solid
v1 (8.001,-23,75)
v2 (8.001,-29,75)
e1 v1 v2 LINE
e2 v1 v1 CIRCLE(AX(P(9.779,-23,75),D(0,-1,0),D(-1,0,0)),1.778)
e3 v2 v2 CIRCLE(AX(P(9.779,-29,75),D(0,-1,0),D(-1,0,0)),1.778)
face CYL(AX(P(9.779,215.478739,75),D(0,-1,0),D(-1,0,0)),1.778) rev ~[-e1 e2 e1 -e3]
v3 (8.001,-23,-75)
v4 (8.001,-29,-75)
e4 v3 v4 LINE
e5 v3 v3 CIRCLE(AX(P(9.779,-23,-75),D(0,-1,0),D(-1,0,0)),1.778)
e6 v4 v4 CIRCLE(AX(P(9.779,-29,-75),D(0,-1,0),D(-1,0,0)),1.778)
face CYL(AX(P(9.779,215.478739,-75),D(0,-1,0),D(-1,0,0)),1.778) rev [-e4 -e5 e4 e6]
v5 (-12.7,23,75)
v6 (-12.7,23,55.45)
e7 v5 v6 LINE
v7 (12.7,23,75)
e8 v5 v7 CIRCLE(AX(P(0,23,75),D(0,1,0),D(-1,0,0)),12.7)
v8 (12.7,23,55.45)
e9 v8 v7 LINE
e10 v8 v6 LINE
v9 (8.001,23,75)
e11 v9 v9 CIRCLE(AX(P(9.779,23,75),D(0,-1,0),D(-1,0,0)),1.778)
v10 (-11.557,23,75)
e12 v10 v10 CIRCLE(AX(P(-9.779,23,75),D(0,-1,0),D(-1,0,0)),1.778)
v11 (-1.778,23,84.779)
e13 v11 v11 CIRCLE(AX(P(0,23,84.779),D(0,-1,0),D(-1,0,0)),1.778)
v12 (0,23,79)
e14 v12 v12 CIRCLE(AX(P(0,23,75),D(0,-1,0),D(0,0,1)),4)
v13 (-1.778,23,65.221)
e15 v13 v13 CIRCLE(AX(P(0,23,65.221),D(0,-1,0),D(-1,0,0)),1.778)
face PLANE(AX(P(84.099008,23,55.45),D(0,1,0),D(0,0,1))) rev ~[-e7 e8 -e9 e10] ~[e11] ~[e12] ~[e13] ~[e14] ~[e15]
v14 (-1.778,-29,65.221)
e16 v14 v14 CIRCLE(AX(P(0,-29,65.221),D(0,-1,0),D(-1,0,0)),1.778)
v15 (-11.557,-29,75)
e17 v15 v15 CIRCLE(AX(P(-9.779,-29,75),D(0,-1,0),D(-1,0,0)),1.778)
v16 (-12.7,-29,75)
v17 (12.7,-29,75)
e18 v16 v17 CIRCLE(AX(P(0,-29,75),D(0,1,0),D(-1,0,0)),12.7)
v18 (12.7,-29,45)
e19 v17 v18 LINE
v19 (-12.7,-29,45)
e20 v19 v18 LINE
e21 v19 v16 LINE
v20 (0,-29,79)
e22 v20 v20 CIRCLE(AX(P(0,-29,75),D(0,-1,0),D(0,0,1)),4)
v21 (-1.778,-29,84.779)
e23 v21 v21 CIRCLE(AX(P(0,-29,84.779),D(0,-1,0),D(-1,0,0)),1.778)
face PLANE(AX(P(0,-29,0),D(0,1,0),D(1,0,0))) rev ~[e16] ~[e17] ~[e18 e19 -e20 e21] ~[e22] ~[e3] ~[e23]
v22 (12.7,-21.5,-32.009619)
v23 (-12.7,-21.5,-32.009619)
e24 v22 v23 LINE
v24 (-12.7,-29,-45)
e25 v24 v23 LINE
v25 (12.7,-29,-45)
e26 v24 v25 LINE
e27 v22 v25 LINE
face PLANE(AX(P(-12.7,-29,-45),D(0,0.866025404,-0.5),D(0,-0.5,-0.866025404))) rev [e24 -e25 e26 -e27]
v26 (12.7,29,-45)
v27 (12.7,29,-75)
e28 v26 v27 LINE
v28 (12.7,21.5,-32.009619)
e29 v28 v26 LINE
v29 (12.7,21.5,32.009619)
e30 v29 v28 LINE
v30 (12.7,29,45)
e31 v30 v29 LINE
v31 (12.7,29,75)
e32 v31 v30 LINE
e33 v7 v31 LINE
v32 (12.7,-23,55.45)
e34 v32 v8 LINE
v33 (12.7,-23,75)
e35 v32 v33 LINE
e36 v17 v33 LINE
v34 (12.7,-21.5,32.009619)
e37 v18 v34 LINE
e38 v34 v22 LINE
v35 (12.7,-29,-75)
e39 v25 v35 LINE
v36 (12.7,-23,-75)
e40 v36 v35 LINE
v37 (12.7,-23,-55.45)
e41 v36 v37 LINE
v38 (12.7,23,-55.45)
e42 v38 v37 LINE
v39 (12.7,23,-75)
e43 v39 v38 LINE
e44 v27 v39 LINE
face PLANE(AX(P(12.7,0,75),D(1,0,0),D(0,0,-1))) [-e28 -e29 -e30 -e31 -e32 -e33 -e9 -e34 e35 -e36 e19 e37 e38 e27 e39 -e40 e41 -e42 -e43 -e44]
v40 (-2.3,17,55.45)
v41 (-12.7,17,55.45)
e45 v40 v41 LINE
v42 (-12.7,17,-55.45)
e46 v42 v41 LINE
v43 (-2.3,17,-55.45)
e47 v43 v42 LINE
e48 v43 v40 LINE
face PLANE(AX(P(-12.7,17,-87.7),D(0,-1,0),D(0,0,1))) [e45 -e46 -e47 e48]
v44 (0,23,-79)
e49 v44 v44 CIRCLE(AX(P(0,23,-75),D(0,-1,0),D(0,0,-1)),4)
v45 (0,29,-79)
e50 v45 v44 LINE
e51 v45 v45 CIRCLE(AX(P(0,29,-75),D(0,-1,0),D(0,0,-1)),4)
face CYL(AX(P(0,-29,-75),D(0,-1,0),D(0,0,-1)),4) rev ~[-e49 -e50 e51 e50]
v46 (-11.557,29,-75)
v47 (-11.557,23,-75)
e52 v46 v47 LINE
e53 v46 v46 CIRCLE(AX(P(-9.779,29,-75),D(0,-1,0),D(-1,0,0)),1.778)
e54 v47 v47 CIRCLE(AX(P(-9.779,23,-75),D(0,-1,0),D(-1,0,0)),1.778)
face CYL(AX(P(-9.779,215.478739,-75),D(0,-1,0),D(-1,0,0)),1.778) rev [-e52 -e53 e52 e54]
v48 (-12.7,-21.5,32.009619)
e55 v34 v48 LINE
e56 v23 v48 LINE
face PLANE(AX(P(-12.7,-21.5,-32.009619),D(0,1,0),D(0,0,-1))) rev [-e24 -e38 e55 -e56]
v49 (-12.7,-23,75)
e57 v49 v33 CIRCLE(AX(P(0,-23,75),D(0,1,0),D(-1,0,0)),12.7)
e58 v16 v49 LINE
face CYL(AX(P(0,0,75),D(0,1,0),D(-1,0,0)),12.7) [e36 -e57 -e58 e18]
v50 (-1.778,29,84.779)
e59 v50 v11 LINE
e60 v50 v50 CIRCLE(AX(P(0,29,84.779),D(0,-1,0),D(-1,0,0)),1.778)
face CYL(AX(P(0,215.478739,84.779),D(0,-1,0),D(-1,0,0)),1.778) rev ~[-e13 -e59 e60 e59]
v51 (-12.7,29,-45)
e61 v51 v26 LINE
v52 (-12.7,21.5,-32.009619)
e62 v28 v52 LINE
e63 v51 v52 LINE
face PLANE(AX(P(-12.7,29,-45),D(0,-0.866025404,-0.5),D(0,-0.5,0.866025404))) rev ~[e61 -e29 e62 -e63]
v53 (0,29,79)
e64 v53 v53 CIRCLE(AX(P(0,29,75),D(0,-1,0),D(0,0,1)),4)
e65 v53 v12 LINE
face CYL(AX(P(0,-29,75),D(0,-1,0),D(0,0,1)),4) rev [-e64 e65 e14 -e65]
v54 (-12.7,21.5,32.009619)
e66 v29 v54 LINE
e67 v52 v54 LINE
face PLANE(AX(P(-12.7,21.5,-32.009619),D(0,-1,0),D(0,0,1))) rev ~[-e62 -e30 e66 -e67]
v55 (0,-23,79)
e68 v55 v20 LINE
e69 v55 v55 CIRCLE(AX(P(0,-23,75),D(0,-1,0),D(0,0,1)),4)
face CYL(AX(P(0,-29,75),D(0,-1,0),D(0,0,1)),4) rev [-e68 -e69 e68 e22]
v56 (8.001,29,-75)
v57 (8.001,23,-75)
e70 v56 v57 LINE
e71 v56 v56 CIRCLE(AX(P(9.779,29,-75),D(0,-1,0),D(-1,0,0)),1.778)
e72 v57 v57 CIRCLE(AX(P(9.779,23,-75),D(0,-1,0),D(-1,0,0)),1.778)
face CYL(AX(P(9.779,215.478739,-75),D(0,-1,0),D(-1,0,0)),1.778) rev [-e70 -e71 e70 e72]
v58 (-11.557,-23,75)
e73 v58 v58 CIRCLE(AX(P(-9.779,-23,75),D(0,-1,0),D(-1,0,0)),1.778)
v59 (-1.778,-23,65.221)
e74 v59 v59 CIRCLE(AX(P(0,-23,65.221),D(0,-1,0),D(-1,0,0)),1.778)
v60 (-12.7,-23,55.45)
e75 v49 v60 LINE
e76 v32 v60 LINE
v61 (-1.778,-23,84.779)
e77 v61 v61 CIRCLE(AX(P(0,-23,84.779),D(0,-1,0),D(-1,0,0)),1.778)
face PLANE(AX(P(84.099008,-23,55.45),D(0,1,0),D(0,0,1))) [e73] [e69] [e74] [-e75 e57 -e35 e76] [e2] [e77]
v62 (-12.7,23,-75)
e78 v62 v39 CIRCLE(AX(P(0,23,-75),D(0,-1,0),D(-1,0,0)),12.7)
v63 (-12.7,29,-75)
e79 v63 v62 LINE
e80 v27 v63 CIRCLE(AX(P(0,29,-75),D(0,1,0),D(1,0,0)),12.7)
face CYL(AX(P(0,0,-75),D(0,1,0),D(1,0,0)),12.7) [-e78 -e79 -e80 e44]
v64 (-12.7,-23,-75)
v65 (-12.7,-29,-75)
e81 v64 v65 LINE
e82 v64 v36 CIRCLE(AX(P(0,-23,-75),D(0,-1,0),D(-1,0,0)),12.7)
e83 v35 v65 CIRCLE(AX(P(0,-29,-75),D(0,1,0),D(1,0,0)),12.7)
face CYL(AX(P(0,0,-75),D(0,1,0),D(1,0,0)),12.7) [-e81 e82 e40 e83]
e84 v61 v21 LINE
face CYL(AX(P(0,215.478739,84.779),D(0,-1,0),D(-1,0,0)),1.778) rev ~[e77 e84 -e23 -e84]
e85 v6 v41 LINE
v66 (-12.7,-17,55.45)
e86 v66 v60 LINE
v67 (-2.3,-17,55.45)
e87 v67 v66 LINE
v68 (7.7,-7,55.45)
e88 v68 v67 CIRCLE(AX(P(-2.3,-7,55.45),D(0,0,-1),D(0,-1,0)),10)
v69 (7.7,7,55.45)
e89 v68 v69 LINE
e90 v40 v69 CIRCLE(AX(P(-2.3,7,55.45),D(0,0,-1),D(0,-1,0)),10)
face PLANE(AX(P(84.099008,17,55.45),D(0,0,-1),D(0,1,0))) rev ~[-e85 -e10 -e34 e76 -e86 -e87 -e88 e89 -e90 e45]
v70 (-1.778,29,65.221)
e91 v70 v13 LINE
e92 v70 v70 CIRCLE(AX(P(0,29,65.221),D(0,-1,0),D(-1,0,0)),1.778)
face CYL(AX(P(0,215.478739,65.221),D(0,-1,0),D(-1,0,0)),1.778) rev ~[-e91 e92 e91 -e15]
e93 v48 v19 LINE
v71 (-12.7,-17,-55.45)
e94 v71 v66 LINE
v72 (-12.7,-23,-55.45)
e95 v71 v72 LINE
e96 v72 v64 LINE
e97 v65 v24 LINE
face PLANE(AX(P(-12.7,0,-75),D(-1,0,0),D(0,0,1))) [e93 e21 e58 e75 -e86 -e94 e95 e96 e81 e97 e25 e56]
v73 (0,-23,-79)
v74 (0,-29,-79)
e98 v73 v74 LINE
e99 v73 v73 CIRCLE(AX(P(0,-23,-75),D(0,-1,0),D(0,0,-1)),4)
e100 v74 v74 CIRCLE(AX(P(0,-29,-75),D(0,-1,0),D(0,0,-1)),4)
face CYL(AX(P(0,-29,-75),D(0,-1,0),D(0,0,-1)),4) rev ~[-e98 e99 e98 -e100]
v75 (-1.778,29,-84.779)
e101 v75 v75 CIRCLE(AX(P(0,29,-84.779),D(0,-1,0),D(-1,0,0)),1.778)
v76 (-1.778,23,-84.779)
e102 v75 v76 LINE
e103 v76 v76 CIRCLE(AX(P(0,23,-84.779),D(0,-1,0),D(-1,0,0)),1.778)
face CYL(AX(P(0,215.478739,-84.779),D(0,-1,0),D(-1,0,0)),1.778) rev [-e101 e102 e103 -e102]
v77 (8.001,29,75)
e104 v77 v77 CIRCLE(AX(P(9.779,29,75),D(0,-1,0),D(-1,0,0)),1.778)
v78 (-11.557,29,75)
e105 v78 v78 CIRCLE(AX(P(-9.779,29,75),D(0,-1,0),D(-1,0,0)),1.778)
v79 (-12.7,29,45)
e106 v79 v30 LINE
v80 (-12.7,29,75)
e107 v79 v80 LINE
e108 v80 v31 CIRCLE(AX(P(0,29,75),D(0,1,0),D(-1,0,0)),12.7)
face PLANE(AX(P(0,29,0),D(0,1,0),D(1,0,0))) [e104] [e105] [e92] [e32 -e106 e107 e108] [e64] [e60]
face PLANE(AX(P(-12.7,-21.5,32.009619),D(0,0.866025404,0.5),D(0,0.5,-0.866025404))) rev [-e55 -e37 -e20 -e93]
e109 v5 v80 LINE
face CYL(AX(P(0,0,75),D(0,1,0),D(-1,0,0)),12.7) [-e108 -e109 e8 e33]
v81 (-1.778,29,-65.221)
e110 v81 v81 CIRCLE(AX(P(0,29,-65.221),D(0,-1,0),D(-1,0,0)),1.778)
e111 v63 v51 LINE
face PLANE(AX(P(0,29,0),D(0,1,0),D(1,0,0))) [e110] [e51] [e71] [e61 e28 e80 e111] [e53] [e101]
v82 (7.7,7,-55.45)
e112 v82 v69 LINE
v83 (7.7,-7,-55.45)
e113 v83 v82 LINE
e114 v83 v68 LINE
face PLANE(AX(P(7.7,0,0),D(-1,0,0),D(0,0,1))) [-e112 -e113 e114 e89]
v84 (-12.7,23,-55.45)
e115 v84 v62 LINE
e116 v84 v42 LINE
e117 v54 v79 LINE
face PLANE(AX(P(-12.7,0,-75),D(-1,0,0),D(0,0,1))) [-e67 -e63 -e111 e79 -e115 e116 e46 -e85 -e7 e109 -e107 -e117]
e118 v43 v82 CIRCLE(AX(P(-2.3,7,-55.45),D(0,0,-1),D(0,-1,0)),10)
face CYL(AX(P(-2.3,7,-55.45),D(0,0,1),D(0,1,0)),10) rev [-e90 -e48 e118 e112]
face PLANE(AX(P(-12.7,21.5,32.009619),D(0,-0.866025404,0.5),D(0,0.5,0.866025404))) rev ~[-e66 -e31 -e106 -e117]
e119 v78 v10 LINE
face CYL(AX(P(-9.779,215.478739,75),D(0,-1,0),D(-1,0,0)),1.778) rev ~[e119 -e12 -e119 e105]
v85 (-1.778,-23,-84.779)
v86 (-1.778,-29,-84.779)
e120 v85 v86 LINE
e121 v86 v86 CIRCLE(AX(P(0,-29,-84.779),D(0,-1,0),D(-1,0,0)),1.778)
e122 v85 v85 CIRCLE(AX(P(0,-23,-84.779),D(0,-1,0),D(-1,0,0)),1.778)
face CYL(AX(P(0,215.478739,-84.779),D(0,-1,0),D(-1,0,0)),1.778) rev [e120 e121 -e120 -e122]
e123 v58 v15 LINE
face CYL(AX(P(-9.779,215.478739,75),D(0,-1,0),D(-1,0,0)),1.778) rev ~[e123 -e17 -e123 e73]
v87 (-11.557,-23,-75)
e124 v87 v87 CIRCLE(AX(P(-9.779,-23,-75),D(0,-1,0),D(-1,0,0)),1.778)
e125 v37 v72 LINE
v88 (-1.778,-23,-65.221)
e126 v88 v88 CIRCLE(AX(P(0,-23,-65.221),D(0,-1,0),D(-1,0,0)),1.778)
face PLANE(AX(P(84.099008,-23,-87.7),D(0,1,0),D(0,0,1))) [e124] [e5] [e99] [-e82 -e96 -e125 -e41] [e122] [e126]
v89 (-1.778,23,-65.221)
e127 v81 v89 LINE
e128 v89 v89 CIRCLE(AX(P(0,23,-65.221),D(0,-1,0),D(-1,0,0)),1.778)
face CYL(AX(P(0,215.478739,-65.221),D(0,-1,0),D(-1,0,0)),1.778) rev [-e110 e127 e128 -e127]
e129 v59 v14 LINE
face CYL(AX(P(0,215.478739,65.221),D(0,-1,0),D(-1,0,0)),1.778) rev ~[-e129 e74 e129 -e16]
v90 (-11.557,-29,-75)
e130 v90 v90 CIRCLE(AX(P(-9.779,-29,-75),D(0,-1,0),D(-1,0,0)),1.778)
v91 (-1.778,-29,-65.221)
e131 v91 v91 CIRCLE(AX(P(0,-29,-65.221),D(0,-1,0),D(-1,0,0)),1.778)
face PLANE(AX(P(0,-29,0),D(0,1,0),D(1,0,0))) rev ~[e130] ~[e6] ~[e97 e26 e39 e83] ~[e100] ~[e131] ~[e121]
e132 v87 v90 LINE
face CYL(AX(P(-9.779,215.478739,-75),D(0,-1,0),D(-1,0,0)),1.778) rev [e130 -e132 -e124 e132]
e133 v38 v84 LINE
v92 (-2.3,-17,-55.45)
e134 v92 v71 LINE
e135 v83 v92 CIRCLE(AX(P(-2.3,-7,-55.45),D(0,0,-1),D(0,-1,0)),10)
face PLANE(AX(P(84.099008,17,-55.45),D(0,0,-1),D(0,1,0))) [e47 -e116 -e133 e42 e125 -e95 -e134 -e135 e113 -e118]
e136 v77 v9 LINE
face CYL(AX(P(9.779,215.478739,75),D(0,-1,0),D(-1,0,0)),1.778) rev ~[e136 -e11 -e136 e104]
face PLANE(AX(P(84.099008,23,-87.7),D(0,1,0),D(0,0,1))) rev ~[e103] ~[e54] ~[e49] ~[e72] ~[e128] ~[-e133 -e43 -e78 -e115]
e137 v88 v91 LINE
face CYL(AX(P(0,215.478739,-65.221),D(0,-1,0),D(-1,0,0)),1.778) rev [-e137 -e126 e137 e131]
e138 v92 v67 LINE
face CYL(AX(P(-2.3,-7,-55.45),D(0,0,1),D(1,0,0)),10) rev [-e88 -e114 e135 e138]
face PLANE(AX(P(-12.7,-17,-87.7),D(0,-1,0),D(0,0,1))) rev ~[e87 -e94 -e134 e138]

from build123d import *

# Parameters (mm, degrees)
BOSS_EXTRUDE1_DEPTH          = 29
CUT_EXTRUDE1_DEPTH           = 96.799008346
CUT_EXTRUDE2_DEPTH           = 96.799008346
CUT_EXTRUDE2_DEPTH_BACK      = 96.799008346
SKETCH4_W                    = 32.25
SKETCH4_H                    = 6
SKETCH5_W                    = 175.4
SKETCH5_H                    = 34
CUT_EXTRUDE3_DEPTH           = 20.4
SKETCH6_W                    = 29.649504938
SKETCH6_H                    = 34
CUT_EXTRUDE4_DEPTH           = 95.596247283
SKETCH7_W                    = 29.649504938
SKETCH7_H                    = 34
CUT_EXTRUDE5_DEPTH           = 95.596247283
F_5_32_0_14_DIAMETER_HOLE1_D = 3.556
SKETCH13_R                   = 4
CUT_EXTRUDE6_DEPTH           = 106.908356611
FILLET1_R                    = 10
FILLET2_R                    = 10


with BuildPart() as part:
    # Sketch1 → Boss-Extrude1 (new, symmetric)
    with BuildSketch(Plane(origin=(0, 0, 0), x_dir=(1, 0, 0), z_dir=(0, 1, 0))):
        with BuildLine():
            Line((-12.7, 75), (-12.7, -75))
            ThreePointArc((-12.7, -75), (0, -87.7), (12.7, -75))
            Line((12.7, -75), (12.7, 75))
            ThreePointArc((12.7, 75), (0, 87.7), (-12.7, 75))
        make_face()
    extrude(amount=BOSS_EXTRUDE1_DEPTH, both=True)

    # Sketch3 → Cut-Extrude1 (cut, symmetric)
    with BuildSketch(Plane.ZY.offset(12.7)):
        Polygon((-45, 29), (-32.009618943, 21.5), (32.009618943, 21.5), (45, 29), align=None)
    cut_extrude1 = extrude(amount=CUT_EXTRUDE1_DEPTH, both=True, mode=Mode.SUBTRACT)

    # Mirror1: Cut-Extrude1 across plane
    add(cut_extrude1.mirror(Plane.ZX), mode=Mode.SUBTRACT)

    # Sketch4 → Cut-Extrude2 (cut, two sides: drawn at the far end of the back side and taken through both)
    with BuildSketch(Plane.ZY.offset(12.7).offset(-CUT_EXTRUDE2_DEPTH_BACK)):
        with Locations((71.575, 20)):
            Rectangle(SKETCH4_W, SKETCH4_H)
        with Locations((-71.575, 20)):
            Rectangle(SKETCH4_W, SKETCH4_H)
        with Locations((-71.575, -20)):
            Rectangle(SKETCH4_W, SKETCH4_H)
        with Locations((71.575, -20)):
            Rectangle(SKETCH4_W, SKETCH4_H)
    extrude(amount=CUT_EXTRUDE2_DEPTH + CUT_EXTRUDE2_DEPTH_BACK, mode=Mode.SUBTRACT)

    # Sketch5 → Cut-Extrude3 (cut)
    with BuildSketch(Plane.ZY.offset(12.7)):
        Rectangle(SKETCH5_W, SKETCH5_H)
    extrude(amount=-CUT_EXTRUDE3_DEPTH, mode=Mode.SUBTRACT)

    # Sketch6 → Cut-Extrude4 (cut, through all)
    with BuildSketch(Plane.ZY.offset(-7.7)):
        with Locations((70.274752469, 0)):
            Rectangle(SKETCH6_W, SKETCH6_H)
    extrude(amount=-CUT_EXTRUDE4_DEPTH, mode=Mode.SUBTRACT)

    # Sketch7 → Cut-Extrude5 (cut, through all)
    with BuildSketch(Plane.ZY.offset(-7.7)):
        with Locations((-70.274752469, 0)):
            Rectangle(SKETCH7_W, SKETCH7_H)
    extrude(amount=-CUT_EXTRUDE5_DEPTH, mode=Mode.SUBTRACT)

    # 5/32 (0.14) Diameter Hole1 (through all)
    with Locations(Plane(origin=(0, 29, 0), x_dir=(1, 0, 0), z_dir=(0, 1, 0))):
        with Locations((0, -65.221), (-9.779, -75), (9.779, -75), (0, -84.779)):
            f_5_32_0_14_diameter_hole1 = Hole(F_5_32_0_14_DIAMETER_HOLE1_D / 2)

    # Mirror3: 5/32 (0.14) Diameter Hole1 across plane
    add(f_5_32_0_14_diameter_hole1.mirror(Plane.XY), mode=Mode.SUBTRACT)

    # Sketch13 → Cut-Extrude6 (cut, symmetric)
    with BuildSketch(Plane.XZ.offset(29)):
        with Locations(Location((0, -75, 0), (0, 0, 270))):
            Circle(SKETCH13_R)
    cut_extrude6 = extrude(amount=CUT_EXTRUDE6_DEPTH, both=True, mode=Mode.SUBTRACT)

    # Mirror4: Cut-Extrude6 across plane
    add(cut_extrude6.mirror(Plane.XY), mode=Mode.SUBTRACT)

    # Fillet1
    fillet1_edges = [part.edges().sort_by_distance(p)[0] for p in [
        (7.7, 17, 0),
    ]]
    fillet(fillet1_edges, radius=FILLET1_R)

    # Fillet2
    fillet2_edges = [part.edges().sort_by_distance(p)[0] for p in [
        (7.7, -17, 0),
    ]]
    fillet(fillet2_edges, radius=FILLET2_R)


solid = part.part
